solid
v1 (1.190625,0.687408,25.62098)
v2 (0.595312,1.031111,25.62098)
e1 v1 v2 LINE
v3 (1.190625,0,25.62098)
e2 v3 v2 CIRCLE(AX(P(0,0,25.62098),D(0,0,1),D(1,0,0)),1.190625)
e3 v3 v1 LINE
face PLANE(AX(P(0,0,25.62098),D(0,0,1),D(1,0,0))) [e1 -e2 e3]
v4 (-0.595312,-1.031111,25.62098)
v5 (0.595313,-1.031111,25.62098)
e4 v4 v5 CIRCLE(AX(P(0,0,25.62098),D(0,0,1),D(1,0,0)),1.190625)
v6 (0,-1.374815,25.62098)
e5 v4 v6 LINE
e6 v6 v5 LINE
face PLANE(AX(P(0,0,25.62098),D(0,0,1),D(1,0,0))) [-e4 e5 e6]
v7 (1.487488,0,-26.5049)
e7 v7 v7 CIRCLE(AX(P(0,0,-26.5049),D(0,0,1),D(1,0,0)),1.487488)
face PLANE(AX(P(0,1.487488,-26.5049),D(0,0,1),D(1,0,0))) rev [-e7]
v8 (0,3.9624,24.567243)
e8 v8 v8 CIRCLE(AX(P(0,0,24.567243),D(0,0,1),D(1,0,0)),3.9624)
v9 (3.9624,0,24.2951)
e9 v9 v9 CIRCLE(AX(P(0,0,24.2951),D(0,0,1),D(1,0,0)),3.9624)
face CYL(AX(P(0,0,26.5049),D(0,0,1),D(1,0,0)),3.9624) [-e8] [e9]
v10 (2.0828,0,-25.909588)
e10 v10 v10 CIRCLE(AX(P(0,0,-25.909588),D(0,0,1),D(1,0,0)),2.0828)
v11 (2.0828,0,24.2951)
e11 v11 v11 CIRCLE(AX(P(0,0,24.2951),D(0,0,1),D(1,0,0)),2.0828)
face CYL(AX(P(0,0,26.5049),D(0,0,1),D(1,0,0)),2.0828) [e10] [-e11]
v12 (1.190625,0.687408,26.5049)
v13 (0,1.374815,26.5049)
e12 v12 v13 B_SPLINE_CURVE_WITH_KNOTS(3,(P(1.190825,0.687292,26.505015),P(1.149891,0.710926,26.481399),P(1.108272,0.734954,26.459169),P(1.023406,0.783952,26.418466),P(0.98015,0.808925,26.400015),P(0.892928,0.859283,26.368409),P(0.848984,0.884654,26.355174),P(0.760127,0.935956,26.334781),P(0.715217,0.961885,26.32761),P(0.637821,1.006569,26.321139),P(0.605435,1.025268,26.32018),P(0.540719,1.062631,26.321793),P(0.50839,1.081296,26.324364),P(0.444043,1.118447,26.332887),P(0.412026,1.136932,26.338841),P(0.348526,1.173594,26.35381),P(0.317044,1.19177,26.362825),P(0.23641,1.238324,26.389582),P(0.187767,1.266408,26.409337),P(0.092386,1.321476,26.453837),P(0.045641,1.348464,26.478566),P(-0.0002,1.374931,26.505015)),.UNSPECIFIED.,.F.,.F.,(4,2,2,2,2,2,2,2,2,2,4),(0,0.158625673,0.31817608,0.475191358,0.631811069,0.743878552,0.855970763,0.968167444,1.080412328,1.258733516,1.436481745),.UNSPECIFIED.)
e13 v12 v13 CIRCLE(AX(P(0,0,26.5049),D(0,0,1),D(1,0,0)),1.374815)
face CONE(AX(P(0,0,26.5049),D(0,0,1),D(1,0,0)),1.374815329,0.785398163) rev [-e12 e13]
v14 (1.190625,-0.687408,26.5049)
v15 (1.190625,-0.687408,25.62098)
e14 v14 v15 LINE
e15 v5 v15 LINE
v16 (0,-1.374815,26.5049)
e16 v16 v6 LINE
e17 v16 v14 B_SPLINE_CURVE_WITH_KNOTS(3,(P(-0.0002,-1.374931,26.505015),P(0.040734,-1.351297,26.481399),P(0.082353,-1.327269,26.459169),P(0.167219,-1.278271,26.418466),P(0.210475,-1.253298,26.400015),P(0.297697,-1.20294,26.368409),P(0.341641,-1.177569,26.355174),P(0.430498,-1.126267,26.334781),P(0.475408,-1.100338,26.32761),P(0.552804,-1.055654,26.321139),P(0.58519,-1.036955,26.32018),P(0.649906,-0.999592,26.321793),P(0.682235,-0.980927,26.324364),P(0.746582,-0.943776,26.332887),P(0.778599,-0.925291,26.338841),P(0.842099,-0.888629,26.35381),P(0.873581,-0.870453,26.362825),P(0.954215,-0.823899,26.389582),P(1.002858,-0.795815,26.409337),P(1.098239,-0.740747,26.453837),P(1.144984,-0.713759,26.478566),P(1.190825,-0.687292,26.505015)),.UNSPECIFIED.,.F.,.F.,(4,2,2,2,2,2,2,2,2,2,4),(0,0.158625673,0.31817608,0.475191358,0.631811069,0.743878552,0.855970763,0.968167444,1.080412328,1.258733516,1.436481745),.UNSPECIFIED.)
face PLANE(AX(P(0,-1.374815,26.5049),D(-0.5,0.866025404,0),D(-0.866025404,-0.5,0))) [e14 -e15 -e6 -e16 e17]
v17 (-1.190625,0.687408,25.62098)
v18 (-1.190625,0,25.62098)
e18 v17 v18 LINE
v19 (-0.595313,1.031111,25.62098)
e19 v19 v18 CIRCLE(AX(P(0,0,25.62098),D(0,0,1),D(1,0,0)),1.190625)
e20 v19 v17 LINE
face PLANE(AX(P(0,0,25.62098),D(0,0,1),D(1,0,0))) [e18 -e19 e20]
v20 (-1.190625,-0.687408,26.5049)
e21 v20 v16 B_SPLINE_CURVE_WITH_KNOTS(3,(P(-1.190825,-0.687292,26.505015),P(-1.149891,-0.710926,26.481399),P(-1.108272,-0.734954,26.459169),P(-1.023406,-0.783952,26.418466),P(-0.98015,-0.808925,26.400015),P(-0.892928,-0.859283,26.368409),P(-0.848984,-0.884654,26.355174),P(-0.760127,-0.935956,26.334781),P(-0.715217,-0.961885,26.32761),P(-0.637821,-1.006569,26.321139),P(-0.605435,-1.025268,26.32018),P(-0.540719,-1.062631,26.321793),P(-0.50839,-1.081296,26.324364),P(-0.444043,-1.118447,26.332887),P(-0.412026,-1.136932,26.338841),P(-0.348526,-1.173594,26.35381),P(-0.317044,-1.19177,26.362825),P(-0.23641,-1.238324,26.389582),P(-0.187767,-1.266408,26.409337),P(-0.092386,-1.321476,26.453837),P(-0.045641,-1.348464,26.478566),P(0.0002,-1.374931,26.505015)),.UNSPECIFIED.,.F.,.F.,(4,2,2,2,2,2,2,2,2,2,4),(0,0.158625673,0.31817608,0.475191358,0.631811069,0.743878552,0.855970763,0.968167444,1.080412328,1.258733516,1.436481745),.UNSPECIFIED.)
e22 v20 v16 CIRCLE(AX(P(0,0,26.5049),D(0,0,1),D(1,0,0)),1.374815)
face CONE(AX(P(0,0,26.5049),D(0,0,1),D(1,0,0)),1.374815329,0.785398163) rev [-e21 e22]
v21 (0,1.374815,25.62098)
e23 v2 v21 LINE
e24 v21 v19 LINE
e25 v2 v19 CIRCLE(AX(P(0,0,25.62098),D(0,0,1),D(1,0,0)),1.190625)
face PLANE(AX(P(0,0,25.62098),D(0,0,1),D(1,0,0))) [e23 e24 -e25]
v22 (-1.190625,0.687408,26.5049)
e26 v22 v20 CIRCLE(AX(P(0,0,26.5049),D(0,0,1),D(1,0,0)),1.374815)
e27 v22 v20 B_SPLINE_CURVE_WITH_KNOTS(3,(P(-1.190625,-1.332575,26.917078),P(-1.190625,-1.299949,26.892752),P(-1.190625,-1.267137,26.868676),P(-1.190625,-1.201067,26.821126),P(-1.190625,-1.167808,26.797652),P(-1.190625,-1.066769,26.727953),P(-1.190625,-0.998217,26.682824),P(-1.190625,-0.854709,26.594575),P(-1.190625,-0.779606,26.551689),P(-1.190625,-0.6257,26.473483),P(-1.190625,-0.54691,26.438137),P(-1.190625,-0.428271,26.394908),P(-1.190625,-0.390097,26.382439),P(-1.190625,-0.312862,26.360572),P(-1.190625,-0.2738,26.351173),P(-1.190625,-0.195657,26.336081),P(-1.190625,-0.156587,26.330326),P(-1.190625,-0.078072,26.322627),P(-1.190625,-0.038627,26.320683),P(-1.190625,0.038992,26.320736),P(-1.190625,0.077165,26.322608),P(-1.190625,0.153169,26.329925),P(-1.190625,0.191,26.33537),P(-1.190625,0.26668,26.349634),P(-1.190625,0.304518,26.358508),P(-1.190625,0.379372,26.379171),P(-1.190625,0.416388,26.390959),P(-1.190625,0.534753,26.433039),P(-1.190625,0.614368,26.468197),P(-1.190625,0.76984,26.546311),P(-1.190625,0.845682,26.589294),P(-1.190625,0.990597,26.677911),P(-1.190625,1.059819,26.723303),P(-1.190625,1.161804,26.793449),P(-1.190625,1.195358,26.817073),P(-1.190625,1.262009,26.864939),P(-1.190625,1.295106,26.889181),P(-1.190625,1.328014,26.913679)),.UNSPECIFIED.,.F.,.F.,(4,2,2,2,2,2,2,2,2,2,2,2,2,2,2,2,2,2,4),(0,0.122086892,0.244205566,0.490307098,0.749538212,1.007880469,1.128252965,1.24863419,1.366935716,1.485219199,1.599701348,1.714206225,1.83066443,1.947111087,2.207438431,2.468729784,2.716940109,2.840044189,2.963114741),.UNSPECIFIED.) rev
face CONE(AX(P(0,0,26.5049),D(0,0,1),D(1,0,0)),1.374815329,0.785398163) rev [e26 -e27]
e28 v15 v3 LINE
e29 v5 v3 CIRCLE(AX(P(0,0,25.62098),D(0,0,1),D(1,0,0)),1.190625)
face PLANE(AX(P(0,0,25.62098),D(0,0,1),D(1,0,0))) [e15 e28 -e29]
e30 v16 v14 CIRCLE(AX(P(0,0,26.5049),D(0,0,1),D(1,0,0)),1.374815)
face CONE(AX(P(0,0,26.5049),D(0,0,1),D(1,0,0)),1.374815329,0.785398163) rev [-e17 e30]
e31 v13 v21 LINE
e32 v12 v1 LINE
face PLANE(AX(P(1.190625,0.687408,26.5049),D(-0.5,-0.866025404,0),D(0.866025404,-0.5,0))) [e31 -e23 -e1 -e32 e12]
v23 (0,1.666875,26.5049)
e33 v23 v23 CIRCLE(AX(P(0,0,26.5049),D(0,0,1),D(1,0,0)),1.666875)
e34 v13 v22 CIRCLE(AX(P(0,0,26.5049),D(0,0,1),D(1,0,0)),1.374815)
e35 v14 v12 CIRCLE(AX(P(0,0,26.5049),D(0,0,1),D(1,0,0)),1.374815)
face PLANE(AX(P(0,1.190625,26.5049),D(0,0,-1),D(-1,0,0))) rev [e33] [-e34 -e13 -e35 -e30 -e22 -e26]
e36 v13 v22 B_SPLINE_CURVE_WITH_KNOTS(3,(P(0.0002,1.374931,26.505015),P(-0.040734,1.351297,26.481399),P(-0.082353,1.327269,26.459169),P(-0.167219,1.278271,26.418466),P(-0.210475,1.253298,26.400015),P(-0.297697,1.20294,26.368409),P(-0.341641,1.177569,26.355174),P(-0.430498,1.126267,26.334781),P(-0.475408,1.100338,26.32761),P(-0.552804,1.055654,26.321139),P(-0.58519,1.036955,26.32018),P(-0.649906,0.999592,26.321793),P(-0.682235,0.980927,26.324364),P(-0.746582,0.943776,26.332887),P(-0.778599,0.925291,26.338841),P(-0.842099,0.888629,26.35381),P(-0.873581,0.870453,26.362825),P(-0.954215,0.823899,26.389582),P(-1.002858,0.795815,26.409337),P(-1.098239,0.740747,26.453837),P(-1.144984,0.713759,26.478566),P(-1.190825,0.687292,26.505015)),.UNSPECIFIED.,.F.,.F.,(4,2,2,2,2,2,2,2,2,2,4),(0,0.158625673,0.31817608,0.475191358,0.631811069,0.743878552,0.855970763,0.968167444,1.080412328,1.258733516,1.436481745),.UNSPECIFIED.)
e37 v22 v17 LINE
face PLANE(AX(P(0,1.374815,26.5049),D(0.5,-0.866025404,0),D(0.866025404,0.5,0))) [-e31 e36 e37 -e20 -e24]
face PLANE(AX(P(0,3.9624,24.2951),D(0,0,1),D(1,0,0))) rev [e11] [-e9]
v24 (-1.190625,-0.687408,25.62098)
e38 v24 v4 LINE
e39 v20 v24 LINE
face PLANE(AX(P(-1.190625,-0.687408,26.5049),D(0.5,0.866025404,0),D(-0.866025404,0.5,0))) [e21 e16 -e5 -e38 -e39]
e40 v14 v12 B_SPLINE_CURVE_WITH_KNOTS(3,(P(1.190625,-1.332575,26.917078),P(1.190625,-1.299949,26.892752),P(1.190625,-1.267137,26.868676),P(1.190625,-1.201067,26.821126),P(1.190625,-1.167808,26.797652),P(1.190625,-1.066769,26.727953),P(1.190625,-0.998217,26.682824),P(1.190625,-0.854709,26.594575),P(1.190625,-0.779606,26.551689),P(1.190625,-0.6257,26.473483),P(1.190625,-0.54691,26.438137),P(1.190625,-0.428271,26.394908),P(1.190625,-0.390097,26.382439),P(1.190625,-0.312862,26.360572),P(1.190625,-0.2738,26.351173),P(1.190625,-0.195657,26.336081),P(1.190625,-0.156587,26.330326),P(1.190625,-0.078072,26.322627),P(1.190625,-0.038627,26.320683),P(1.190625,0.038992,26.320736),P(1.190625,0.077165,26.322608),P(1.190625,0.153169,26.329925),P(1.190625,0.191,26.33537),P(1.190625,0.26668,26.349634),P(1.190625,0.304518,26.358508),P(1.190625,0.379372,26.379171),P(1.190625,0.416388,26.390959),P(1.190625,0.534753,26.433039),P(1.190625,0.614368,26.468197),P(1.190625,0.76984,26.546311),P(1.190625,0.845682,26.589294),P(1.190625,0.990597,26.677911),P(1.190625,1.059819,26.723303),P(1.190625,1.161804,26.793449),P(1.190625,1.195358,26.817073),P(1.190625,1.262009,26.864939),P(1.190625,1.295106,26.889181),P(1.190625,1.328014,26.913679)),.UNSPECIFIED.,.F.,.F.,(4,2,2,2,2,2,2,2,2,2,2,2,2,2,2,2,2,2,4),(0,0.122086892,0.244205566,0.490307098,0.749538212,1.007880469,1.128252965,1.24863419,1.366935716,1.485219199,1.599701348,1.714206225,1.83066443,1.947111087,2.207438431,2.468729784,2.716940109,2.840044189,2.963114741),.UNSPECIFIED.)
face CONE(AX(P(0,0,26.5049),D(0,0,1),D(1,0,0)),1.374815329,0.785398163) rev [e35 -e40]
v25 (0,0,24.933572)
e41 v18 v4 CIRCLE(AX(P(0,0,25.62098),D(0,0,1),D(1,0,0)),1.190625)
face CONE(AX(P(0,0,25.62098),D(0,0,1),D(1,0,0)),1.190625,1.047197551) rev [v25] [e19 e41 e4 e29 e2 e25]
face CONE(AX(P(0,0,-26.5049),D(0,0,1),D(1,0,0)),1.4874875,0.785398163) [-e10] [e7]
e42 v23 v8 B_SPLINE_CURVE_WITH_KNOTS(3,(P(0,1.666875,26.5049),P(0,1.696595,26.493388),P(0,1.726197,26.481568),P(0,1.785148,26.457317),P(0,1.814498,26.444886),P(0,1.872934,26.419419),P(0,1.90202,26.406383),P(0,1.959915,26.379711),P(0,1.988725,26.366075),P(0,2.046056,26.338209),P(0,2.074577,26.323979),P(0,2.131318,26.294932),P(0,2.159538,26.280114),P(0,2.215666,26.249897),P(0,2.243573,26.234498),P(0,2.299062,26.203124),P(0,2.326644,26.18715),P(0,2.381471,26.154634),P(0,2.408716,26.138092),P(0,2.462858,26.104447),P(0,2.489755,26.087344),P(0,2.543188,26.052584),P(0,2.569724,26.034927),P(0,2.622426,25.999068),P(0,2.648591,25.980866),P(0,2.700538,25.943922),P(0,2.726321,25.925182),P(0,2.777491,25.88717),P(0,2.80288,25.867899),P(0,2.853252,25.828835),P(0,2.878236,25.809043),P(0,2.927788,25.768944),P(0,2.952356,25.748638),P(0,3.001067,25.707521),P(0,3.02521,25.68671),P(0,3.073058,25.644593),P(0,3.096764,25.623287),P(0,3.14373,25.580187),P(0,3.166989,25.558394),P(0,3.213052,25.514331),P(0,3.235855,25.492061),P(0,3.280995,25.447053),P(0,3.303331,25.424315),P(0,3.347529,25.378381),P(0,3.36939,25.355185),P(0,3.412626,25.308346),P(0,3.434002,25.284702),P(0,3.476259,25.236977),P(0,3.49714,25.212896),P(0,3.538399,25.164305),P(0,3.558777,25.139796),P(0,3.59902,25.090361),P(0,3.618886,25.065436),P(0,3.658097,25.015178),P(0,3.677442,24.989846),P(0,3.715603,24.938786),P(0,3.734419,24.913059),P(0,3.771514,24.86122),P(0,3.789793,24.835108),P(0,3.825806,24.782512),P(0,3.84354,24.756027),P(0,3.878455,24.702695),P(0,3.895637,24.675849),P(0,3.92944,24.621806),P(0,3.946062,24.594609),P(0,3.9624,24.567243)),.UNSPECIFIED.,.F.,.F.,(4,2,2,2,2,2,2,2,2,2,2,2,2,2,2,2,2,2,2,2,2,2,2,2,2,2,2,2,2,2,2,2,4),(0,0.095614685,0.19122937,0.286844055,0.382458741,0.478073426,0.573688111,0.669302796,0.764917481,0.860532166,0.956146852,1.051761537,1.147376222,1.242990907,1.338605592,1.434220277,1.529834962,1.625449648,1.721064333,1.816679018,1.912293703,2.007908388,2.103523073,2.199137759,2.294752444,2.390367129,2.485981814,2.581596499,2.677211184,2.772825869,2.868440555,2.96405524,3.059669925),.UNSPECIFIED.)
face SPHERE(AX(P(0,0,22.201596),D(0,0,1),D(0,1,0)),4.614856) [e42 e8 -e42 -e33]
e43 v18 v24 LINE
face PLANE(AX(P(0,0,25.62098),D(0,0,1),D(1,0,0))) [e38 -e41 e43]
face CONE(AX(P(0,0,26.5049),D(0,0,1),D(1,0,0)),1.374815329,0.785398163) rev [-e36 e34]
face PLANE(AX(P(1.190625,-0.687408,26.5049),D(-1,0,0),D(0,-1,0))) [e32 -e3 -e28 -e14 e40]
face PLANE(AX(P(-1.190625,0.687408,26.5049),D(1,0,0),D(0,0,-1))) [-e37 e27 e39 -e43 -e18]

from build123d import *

# Parameters (mm, degrees)
CUT_EXTRUDE1_START = 25.62098
CUT_EXTRUDE1_DEPTH = 2.469810899


with BuildPart() as part:
    # Sketch2 → Revolve1 (revolve)
    with BuildSketch(Plane(origin=(0, 0, 0), x_dir=(0, 0, -1), z_dir=(1, 0, 0)), mode=Mode.PRIVATE) as revolve1_sk:
        with BuildLine():
            Line((-26.5049, 1.190625), (-26.5049, 1.666875))
            ThreePointArc((-26.5049, 1.666875), (-25.728079378, 2.976711786), (-24.567242857, 3.9624))
            Line((-24.567242857, 3.9624), (-24.2951, 3.9624))
            Line((-24.2951, 3.9624), (-24.2951, 2.0828))
            Line((-24.2951, 2.0828), (25.9095875, 2.0828))
            Line((25.9095875, 2.0828), (26.5049, 1.4874875))
            Line((26.5049, 1.4874875), (26.5049, 0))
            Line((26.5049, 0), (-24.933572336, 0))
            Line((-24.933572336, 0), (-25.62098, 1.190625))
            Line((-25.62098, 1.190625), (-26.5049, 1.190625))
        make_face()
    revolve(revolve1_sk.sketch.rotate(Axis((0, 0, 26.5049), (0, 0, -1)), 90), axis=Axis((0, 0, 26.5049), (0, 0, -1)))

    # Sketch3 → Cut-Extrude1 (cut, through all)
    with BuildSketch(Plane.XY.offset(CUT_EXTRUDE1_START)):
        Polygon((0, 1.374815329), (-1.190625, 0.687407664), (-1.190625, -0.687407664), (0, -1.374815329), (1.190625, -0.687407664), (1.190625, 0.687407664), align=None)
    extrude(amount=CUT_EXTRUDE1_DEPTH, mode=Mode.SUBTRACT)

    # Cut-Extrude2 cone 1 section (through the dimple's axis) → Cut-Extrude2 (revolve, cut)
    with BuildSketch(Plane(origin=(0, 0, 26.5049), x_dir=(0, -1, 0), z_dir=(1, 0, 0))):
        Polygon((0, 0), (1.374815329, 0), (0, 1.374815329), align=None)
    revolve(axis=Axis((0, 0, 26.5049), (0, 0, -1)), mode=Mode.SUBTRACT)


solid = part.part
